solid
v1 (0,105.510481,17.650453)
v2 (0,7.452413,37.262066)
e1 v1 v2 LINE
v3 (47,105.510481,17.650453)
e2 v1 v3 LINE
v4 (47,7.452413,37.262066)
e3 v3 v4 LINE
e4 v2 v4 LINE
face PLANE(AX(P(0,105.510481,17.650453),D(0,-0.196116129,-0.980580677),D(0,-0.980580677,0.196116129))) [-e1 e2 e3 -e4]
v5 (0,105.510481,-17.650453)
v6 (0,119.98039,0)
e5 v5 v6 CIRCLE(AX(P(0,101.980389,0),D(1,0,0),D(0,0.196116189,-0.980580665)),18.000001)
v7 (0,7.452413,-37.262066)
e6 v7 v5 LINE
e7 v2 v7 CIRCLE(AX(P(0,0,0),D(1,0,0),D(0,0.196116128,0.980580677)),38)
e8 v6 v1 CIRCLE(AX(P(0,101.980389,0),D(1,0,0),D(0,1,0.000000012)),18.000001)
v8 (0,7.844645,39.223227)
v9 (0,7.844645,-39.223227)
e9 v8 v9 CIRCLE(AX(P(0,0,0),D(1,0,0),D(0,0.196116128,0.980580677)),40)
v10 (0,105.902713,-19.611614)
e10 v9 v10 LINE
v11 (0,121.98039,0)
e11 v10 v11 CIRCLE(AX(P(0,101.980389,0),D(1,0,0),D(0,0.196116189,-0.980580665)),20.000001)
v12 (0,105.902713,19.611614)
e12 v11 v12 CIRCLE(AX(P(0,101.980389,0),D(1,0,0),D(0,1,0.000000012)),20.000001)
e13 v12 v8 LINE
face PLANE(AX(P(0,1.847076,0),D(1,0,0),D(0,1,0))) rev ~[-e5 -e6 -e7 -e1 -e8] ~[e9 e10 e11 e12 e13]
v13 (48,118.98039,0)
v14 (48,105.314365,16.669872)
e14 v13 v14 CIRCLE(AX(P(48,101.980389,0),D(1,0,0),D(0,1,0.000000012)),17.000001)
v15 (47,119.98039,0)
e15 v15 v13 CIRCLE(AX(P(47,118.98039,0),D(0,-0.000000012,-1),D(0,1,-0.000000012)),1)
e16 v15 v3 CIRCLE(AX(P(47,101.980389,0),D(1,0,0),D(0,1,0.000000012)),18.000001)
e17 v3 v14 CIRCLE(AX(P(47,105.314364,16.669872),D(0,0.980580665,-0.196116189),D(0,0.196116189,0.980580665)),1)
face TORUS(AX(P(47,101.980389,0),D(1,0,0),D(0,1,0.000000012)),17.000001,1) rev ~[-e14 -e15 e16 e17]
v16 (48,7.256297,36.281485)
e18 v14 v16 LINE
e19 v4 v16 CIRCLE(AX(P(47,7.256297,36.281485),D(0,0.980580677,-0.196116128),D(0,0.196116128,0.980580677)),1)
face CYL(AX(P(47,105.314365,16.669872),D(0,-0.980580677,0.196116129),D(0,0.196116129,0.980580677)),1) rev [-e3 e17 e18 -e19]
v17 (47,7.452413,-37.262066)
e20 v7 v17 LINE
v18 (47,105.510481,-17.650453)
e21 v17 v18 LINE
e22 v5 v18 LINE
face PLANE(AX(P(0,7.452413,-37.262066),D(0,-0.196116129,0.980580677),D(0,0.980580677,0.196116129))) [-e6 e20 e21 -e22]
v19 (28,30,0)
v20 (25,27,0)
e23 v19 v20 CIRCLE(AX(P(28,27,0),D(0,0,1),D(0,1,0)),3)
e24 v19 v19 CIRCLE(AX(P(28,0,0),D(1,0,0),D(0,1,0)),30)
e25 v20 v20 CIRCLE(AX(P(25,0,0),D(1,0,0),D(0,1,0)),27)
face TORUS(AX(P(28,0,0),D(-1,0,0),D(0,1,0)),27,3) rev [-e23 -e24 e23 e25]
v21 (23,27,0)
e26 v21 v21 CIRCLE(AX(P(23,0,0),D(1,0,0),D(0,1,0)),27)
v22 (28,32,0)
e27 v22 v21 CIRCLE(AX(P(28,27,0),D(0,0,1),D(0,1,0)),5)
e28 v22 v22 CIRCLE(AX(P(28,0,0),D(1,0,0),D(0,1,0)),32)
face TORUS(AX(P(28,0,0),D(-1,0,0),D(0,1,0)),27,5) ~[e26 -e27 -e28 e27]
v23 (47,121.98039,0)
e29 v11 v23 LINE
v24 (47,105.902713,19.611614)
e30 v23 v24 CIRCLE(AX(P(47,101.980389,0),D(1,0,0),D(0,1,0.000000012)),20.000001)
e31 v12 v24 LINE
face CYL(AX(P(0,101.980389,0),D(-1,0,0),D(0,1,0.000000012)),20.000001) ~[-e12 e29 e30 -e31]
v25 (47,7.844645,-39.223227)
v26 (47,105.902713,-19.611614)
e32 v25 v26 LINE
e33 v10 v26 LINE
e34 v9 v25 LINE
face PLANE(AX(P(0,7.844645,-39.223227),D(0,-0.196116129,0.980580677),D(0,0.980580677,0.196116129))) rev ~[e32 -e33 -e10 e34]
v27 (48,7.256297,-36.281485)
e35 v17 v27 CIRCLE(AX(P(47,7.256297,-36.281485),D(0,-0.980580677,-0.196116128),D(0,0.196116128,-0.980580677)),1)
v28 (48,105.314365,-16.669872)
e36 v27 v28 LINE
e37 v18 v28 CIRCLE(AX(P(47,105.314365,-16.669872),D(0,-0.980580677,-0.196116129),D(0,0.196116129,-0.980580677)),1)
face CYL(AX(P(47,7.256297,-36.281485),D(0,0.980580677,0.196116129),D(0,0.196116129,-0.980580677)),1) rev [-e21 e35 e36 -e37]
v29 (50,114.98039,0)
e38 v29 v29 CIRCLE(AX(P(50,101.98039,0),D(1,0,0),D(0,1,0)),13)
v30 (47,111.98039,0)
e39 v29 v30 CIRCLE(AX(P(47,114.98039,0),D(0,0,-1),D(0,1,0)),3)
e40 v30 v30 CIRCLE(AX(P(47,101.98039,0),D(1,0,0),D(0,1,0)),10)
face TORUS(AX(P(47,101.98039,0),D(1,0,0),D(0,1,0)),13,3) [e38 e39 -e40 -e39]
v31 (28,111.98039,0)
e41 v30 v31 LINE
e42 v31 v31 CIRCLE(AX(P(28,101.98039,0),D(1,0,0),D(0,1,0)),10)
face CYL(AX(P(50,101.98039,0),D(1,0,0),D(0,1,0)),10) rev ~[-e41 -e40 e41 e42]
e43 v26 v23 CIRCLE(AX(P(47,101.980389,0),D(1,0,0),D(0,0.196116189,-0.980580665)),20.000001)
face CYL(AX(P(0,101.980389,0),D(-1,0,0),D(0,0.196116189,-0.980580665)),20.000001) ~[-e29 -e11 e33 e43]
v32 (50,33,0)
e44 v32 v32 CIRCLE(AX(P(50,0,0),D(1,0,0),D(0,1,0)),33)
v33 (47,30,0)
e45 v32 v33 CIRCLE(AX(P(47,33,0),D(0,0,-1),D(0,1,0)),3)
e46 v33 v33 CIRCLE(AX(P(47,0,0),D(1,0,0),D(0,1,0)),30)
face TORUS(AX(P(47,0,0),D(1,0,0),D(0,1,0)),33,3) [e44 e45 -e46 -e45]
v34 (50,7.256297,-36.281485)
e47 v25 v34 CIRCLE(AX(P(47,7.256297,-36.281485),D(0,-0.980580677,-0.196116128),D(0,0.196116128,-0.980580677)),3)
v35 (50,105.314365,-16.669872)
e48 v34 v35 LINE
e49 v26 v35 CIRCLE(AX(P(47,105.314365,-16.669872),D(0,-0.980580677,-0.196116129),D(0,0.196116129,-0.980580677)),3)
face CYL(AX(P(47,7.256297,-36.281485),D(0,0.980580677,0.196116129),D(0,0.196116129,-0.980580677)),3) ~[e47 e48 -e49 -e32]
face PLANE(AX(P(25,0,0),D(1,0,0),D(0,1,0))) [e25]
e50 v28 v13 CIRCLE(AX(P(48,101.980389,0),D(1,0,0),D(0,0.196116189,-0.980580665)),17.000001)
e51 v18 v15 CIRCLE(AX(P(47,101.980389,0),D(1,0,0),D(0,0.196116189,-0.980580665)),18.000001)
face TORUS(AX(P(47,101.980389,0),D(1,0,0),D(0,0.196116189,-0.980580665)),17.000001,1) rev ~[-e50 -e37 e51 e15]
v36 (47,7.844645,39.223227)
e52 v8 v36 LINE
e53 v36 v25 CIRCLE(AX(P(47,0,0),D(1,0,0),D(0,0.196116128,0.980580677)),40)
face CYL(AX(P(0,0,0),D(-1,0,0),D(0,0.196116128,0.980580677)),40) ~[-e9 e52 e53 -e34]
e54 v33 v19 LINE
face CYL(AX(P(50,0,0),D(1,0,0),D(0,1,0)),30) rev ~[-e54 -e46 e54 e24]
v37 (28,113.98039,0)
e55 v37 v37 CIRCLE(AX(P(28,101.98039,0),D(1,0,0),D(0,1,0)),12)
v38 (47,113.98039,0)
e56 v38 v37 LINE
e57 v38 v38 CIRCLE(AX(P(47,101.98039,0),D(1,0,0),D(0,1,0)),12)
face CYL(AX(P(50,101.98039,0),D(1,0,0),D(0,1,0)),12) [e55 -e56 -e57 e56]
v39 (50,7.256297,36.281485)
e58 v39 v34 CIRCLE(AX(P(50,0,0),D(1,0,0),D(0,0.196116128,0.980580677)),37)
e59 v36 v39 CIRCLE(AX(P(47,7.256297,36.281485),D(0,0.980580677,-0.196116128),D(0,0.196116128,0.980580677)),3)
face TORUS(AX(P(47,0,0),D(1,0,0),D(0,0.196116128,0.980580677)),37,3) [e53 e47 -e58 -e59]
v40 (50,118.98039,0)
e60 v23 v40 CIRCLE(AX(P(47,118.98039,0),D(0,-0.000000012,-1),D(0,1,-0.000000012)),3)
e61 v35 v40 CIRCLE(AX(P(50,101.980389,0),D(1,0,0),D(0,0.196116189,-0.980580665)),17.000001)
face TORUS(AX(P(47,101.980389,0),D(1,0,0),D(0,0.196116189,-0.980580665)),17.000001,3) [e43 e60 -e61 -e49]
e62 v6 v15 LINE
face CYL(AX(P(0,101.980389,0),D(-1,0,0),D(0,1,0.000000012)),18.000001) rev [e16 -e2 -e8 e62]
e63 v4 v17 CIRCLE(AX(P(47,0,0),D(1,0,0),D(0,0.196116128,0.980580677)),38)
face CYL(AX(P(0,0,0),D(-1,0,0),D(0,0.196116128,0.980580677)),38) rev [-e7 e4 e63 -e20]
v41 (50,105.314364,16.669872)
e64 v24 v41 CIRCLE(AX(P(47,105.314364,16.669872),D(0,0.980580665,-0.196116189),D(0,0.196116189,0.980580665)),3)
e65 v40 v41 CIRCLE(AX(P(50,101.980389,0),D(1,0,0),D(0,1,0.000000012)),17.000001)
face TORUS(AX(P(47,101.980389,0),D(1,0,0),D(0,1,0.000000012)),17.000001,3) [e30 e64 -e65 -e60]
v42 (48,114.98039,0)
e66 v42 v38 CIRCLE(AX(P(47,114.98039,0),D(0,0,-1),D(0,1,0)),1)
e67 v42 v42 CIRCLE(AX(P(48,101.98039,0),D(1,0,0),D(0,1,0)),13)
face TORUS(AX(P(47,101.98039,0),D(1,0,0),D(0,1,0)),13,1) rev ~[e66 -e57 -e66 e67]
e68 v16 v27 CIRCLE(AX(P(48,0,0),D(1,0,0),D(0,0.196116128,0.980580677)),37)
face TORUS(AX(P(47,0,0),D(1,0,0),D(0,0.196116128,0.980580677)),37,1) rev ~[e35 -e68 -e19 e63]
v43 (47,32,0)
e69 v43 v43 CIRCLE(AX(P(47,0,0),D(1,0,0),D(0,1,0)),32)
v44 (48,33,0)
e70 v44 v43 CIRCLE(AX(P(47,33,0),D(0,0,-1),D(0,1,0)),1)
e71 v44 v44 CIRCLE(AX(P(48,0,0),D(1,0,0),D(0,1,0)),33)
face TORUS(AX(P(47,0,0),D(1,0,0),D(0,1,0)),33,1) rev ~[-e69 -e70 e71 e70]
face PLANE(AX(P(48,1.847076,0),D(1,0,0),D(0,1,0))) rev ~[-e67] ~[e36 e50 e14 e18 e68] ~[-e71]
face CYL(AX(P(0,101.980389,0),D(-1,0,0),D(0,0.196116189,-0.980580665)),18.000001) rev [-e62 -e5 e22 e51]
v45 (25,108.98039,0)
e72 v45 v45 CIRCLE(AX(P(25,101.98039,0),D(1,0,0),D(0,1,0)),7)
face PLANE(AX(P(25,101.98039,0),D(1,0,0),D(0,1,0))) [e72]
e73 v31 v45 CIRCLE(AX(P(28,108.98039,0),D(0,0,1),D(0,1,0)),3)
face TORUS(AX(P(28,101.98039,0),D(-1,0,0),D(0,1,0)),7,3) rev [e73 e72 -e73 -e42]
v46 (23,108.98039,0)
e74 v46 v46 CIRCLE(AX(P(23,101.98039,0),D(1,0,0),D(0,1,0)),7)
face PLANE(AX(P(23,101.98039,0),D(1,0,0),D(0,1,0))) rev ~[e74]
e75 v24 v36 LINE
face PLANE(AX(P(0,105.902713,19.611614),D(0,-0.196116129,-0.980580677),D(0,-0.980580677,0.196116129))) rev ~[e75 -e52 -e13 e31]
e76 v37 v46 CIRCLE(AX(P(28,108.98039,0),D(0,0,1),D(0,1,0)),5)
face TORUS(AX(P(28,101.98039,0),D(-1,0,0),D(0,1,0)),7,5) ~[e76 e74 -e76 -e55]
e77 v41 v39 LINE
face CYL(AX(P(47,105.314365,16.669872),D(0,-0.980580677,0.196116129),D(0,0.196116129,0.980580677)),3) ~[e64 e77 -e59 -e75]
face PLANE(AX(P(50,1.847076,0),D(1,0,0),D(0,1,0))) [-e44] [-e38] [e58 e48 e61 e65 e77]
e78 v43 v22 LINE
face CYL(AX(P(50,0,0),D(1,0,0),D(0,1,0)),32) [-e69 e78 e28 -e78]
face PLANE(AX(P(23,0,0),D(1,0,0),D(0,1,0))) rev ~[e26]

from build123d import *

# Parameters (mm, degrees)
F1_DEPTH = 50
F2_R     = 30
F2_R_2   = 10
F3_DEPTH = 25
F4_R     = 3
F5_T     = -2


with BuildPart() as f1:
    # F0 (on Right) → F1 (new body)
    with BuildSketch(Plane.YZ):
        with BuildLine():
            ThreePointArc((7.844645, -39.223227), (30.933686, -25.359556), (40, 0))
            ThreePointArc((40, 0), (30.933686, 25.359556), (7.844645, 39.223227))
            ThreePointArc((7.844645, 39.223227), (-40, 0), (7.844645, -39.223227))
        make_face()
        with BuildLine():
            ThreePointArc((7.844645, 39.223227), (30.933686, 25.359556), (40, 0))
            ThreePointArc((40, 0), (30.933686, -25.359556), (7.844645, -39.223227))
            Line((7.844645, -39.223227), (105.902713, -19.611614))
            ThreePointArc((105.902713, -19.611614), (81.98039, 0), (105.902713, 19.611614))
            Line((105.902713, 19.611614), (7.844645, 39.223227))
        make_face()
        with BuildLine():
            ThreePointArc((121.98039, 0), (117.447233, 12.679778), (105.902713, 19.611614))
            ThreePointArc((105.902713, 19.611614), (81.98039, 0), (105.902713, -19.611614))
            ThreePointArc((105.902713, -19.611614), (117.447233, -12.679778), (121.98039, 0))
        make_face()
    extrude(amount=F1_DEPTH)

    # F2 (on face) → F3 (cut)
    with BuildSketch(Plane.YZ.offset(50)):
        Circle(F2_R)
        with Locations((101.98039, 0)):
            Circle(F2_R_2)
    extrude(amount=-F3_DEPTH, mode=Mode.SUBTRACT)

    # F4
    f4_edges = [f1.edges().sort_by_distance(p)[0] for p in [
        (50, -40, 0),
        (50, 56.873679, -29.41742),
        (50, 56.873679, 29.41742),
        (50, 121.98039, 0),
        (50, -30, 0),
        (50, 91.98039, 0),
        (25, -30, 0),
        (25, 91.98039, 0),
    ]]
    fillet(f4_edges, radius=F4_R)

    # F5
    f5_openings = [f1.faces().sort_by_distance(p)[0] for p in [
        (0, 33.018989, 0),
    ]]
    offset(amount=F5_T, openings=f5_openings)


solid = f1.part
